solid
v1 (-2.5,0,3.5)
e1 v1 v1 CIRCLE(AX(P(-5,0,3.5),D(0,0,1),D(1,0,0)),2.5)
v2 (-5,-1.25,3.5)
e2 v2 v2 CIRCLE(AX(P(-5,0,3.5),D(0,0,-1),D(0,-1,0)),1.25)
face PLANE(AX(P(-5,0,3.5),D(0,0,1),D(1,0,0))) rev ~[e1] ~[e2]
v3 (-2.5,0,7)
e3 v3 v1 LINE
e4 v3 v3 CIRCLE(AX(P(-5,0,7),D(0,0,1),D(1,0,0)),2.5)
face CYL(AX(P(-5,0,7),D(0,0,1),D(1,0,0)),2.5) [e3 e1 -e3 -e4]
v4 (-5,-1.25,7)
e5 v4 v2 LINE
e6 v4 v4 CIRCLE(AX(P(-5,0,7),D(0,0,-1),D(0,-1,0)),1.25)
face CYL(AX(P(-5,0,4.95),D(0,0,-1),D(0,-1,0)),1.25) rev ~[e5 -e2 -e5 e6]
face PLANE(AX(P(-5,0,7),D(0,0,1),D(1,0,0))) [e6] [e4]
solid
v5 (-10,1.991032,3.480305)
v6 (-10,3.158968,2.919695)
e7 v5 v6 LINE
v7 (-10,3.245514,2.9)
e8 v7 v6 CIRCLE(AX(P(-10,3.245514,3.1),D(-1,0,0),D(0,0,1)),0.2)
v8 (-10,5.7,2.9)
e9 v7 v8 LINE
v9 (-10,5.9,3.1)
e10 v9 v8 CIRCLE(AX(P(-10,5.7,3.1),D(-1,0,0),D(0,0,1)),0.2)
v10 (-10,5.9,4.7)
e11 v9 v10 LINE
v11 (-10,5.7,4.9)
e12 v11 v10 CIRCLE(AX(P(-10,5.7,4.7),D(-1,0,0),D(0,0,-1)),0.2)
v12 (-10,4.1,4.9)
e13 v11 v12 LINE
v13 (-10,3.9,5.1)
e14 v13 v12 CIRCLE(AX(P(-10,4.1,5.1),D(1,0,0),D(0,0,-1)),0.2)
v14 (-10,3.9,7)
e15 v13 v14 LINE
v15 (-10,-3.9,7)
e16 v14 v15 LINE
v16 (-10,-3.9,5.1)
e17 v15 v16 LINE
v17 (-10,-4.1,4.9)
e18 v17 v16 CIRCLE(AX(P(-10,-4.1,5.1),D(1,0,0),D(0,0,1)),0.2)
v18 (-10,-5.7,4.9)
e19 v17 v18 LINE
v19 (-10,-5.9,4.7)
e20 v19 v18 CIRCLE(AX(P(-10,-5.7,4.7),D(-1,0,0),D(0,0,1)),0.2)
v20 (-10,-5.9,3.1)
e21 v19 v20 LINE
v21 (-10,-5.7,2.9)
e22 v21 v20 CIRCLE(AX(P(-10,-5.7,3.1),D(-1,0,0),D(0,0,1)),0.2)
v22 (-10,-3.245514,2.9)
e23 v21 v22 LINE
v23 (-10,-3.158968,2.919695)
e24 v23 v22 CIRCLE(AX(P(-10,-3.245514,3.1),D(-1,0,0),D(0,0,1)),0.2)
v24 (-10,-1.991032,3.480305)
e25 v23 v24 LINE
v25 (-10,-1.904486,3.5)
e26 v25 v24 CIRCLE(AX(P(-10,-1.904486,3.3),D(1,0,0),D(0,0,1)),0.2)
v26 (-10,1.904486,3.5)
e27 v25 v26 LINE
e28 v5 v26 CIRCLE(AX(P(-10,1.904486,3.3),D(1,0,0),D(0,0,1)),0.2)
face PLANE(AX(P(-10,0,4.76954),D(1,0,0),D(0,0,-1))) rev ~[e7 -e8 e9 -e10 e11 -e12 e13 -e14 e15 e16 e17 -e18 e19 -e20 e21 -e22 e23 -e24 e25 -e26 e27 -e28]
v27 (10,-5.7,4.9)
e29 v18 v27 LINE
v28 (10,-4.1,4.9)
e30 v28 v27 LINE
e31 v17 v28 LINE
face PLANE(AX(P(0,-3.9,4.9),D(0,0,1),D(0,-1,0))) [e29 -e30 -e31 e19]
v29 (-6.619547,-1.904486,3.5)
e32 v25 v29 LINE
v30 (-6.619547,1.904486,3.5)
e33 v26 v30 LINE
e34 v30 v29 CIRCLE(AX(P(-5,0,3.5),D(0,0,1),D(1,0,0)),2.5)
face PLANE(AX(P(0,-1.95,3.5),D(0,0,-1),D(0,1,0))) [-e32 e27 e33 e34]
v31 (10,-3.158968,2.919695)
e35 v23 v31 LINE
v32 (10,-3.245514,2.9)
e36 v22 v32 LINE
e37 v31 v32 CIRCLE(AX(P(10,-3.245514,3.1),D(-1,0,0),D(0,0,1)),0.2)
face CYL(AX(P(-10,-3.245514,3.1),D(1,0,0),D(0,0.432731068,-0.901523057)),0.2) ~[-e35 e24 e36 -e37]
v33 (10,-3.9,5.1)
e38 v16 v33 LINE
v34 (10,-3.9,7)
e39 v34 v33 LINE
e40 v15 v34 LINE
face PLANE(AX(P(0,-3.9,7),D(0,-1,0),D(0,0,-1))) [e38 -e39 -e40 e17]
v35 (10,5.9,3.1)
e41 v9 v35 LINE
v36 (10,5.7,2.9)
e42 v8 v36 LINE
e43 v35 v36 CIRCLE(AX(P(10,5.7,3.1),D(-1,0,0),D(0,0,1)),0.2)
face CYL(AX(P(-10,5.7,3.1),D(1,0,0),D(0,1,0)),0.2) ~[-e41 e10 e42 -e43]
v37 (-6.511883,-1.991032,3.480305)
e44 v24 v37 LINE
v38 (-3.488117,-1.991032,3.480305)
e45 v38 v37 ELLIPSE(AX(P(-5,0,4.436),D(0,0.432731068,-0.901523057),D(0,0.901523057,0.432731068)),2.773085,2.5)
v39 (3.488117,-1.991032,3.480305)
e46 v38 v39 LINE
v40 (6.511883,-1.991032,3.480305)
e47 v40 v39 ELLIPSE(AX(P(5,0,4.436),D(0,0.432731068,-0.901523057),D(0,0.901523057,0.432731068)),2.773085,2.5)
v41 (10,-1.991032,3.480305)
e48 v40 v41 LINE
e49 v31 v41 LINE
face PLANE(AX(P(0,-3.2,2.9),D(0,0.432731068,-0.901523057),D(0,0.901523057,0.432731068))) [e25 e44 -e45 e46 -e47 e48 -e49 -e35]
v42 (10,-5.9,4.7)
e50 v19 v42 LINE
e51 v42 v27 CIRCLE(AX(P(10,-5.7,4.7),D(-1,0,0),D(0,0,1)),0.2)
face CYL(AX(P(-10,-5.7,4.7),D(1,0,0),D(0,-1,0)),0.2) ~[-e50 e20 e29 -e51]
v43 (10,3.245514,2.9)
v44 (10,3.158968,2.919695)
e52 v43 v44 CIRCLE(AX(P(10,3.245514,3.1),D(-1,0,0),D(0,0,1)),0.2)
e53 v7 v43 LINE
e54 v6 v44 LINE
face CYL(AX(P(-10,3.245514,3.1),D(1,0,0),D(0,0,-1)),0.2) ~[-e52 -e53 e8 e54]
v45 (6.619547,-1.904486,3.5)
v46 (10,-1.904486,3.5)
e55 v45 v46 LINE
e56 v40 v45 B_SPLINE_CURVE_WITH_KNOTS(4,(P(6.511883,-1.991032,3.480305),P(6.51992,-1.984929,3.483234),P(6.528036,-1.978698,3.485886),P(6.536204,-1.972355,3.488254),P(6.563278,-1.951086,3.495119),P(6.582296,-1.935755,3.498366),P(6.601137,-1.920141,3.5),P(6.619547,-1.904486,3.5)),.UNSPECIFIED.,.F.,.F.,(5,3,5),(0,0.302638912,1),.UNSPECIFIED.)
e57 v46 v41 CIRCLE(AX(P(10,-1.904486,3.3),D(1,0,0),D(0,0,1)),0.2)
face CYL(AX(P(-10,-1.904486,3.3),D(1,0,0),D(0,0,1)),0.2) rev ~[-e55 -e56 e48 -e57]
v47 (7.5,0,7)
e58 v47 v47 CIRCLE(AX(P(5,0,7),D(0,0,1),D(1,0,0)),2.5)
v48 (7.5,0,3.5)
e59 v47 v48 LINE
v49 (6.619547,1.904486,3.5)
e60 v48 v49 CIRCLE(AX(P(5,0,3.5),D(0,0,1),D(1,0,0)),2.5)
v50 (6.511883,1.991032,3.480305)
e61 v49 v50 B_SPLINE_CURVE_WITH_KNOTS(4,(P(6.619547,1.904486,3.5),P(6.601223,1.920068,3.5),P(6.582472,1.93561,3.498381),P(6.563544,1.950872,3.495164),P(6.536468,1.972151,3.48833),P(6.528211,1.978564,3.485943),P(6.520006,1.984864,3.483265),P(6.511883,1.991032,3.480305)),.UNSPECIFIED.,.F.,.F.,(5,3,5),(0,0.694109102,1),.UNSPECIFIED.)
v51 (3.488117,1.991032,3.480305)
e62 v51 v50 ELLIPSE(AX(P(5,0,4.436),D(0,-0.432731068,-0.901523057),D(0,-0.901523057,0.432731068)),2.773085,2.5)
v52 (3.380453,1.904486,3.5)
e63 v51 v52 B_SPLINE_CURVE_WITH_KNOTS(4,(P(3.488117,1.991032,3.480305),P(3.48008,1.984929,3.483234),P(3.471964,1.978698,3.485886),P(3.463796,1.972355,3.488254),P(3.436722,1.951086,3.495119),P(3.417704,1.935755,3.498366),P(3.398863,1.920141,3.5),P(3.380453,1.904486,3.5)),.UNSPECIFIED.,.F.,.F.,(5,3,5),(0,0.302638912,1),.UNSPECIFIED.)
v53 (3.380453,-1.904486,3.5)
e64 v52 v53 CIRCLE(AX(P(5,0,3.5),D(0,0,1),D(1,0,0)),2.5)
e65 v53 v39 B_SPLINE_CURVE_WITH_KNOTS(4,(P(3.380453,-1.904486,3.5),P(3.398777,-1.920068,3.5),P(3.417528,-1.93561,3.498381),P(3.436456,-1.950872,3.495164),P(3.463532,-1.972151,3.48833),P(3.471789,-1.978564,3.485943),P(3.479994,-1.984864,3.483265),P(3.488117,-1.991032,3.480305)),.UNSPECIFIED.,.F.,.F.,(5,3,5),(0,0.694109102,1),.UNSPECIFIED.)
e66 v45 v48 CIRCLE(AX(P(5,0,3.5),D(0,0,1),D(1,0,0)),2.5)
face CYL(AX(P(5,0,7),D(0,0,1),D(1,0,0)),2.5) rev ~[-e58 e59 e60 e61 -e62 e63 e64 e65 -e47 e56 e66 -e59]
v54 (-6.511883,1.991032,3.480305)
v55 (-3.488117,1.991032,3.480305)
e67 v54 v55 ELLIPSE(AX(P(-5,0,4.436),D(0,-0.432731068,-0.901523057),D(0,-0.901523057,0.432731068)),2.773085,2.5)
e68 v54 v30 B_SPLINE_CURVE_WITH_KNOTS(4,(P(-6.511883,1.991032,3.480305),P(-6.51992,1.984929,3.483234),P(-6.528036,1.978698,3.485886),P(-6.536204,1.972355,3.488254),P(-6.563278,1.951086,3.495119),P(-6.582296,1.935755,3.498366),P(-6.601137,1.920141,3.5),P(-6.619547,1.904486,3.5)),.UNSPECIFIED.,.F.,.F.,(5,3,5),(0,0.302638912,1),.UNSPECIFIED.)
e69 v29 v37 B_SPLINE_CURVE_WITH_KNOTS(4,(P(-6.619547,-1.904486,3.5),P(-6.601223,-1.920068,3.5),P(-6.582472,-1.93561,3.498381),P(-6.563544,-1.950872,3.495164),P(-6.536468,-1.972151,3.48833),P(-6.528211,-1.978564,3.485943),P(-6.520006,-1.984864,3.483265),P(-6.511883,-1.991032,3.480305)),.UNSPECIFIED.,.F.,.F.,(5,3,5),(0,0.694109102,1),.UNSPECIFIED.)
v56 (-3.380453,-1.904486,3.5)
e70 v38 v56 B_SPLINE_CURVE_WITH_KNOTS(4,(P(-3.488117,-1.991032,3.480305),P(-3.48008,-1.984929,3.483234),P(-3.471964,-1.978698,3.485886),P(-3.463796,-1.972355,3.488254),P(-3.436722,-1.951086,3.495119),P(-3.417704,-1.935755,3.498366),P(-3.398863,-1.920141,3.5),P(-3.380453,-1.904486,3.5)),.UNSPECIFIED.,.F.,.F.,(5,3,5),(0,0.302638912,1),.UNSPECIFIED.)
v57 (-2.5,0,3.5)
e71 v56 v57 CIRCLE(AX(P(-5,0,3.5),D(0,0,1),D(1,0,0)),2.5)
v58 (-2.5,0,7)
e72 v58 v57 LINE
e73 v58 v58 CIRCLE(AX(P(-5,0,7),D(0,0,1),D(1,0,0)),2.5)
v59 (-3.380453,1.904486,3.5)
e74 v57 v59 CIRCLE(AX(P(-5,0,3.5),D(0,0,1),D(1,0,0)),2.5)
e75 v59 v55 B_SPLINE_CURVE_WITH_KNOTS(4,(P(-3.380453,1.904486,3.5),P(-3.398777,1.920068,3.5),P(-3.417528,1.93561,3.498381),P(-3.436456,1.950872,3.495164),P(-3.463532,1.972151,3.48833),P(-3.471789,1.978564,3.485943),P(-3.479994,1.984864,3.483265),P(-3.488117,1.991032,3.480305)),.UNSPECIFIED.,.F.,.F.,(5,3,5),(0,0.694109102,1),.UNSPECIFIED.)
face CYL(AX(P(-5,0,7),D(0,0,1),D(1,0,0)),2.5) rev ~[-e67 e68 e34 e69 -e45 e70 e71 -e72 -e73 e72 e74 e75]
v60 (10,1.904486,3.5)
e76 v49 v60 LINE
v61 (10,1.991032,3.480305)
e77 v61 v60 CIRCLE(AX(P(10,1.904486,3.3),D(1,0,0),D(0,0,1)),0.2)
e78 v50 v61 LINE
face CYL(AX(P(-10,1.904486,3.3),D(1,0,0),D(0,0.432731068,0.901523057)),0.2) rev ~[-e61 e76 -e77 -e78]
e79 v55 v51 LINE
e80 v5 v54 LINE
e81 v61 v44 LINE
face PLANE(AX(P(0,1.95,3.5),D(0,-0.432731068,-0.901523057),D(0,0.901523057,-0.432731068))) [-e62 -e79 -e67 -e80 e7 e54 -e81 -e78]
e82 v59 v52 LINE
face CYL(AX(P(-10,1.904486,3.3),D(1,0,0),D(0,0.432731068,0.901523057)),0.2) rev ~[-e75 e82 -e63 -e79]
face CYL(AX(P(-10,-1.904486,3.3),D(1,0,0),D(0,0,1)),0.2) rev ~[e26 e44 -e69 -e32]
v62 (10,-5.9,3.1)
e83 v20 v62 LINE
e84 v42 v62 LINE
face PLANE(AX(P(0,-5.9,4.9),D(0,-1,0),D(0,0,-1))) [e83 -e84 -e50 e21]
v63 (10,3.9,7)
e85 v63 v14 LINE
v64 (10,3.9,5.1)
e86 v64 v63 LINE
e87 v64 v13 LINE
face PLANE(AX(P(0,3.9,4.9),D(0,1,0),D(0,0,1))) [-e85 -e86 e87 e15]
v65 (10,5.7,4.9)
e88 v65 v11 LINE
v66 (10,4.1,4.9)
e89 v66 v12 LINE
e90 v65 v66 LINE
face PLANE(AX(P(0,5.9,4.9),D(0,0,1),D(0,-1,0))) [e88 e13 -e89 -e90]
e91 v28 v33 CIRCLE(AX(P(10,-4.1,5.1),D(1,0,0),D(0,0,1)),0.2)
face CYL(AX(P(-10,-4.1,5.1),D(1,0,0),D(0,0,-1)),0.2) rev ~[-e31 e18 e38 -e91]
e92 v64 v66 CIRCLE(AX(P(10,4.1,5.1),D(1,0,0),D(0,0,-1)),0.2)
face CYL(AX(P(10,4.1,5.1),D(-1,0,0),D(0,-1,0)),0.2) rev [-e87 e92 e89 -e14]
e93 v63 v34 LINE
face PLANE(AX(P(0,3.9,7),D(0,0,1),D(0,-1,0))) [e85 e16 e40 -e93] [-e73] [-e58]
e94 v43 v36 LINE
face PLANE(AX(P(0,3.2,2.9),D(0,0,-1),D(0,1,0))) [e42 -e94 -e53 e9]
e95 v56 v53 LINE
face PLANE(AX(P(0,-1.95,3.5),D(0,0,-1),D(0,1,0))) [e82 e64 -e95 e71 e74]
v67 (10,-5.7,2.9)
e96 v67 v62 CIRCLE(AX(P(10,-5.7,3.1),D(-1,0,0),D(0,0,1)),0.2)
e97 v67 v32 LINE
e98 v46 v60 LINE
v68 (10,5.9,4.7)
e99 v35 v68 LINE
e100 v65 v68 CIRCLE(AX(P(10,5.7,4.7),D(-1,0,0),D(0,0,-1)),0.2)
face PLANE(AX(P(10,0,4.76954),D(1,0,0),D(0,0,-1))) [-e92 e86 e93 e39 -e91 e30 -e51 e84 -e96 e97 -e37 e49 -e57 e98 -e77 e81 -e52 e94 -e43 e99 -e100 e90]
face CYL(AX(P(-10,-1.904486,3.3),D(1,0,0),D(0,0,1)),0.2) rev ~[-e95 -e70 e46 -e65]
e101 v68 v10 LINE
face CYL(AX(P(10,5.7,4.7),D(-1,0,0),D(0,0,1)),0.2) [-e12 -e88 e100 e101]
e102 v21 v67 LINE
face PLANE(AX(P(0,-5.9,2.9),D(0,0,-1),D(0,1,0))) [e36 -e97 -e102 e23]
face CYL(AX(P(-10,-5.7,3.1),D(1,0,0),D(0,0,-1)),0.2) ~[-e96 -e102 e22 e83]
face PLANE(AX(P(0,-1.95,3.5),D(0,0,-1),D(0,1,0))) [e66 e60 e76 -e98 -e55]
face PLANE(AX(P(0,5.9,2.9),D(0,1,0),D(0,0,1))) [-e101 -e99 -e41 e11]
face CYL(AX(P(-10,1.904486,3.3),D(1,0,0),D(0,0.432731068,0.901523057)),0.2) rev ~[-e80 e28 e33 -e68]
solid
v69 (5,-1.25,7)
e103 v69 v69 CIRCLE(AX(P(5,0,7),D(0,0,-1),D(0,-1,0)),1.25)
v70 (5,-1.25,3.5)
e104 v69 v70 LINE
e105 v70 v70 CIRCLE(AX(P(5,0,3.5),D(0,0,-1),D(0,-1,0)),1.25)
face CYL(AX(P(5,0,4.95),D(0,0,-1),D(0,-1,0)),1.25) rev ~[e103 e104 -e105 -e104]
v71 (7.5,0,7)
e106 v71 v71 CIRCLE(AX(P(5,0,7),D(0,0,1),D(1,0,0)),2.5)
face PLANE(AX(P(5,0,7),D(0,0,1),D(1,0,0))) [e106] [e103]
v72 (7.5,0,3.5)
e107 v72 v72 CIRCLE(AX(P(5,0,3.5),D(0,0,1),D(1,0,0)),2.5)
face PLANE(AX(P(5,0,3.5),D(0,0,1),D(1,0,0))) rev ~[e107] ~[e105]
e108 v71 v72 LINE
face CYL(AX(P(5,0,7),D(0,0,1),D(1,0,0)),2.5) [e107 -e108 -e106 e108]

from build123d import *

# Parameters (mm, degrees)
EXTRUDE_1_DEPTH             = 10
FILLET_1_R                  = 0.2
SKETCH_4_R                  = 2.5
CUT_EXTRUDE_1_DEPTH         = 13.313407327
SKETCH_5_R                  = 2.5
EXTRUDE_2_DEPTH             = 3.5
EXTRUDE_2_2_DEPTH           = 3.5
SKETCH_3_W                  = 1.25
SKETCH_3_H                  = 4.1
HOLE_WIZARD_M3_1_AT_2_COUNT = 2
HOLE_WIZARD_M3_1_AT_2_PITCH = 10


with BuildPart() as part:
    # 草图1 → 凸台-拉伸1 (new, symmetric)
    with BuildSketch(Plane(origin=(0, 0, 0), x_dir=(0, 0, -1), z_dir=(1, 0, 0))):
        Polygon((-7, 3.9), (-7, -3.9), (-4.9, -3.9), (-4.9, -5.9), (-2.9, -5.9), (-2.9, -3.2), (-3.5, -1.95), (-3.5, 1.95), (-2.9, 3.2), (-2.9, 5.9), (-4.9, 5.9), (-4.9, 3.9), align=None)
    extrude(amount=EXTRUDE_1_DEPTH, both=True)

    # 圆角1
    fillet_1_edges = [part.edges().sort_by_distance(p)[0] for p in [
        (0, 3.9, 4.9),
        (0, 5.9, 4.9),
        (0, 5.9, 2.9),
        (0, 3.2, 2.9),
        (0, 1.95, 3.5),
        (0, -1.95, 3.5),
        (0, -3.2, 2.9),
        (0, -5.9, 2.9),
        (0, -5.9, 4.9),
        (0, -3.9, 4.9),
    ]]
    fillet(fillet_1_edges, radius=FILLET_1_R)

    # 草图4 → 切除-拉伸1 (cut, through all)
    with BuildSketch(Plane.XY.offset(7)):
        with Locations((-5, 0)):
            Circle(SKETCH_4_R)
        with Locations((5, 0)):
            Circle(SKETCH_4_R)
    extrude(amount=-CUT_EXTRUDE_1_DEPTH, mode=Mode.SUBTRACT)


with BuildPart() as body_2:
    # 草图5 → 凸台-拉伸2 (new body)
    with BuildSketch(Plane.XY.offset(7)):
        with Locations((5, 0)):
            Circle(SKETCH_5_R)
    extrude(amount=-EXTRUDE_2_DEPTH)


with BuildPart() as body_3:
    # 草图5 → Extrude 2 2 (new body)
    with BuildSketch(Plane.XY.offset(7)):
        with Locations((-5, 0)):
            Circle(SKETCH_5_R)
    extrude(amount=-EXTRUDE_2_2_DEPTH)

    # 草图3 → M3 螺纹孔1 (revolve, cut)
    with BuildSketch(Plane(origin=(-5, 0, 7), x_dir=(0, -1, 0), z_dir=(1, 0, 0))):
        with Locations((0.625, 2.05)):
            Rectangle(SKETCH_3_W, SKETCH_3_H)
    hole_wizard_m3_1 = revolve(axis=Axis((-5, 0, 13.35), (0, 0, -1)), mode=Mode.SUBTRACT)


with BuildPart() as body_2_1:
    add(body_2.part)

    # M3 螺纹孔1 at 2: M3 螺纹孔1 ×2
    with Locations(*[(i * HOLE_WIZARD_M3_1_AT_2_PITCH, 0, 0) for i in range(1, HOLE_WIZARD_M3_1_AT_2_COUNT)]):
        add(hole_wizard_m3_1, mode=Mode.SUBTRACT)


solid = Compound([part.part, body_3.part, body_2_1.part])
